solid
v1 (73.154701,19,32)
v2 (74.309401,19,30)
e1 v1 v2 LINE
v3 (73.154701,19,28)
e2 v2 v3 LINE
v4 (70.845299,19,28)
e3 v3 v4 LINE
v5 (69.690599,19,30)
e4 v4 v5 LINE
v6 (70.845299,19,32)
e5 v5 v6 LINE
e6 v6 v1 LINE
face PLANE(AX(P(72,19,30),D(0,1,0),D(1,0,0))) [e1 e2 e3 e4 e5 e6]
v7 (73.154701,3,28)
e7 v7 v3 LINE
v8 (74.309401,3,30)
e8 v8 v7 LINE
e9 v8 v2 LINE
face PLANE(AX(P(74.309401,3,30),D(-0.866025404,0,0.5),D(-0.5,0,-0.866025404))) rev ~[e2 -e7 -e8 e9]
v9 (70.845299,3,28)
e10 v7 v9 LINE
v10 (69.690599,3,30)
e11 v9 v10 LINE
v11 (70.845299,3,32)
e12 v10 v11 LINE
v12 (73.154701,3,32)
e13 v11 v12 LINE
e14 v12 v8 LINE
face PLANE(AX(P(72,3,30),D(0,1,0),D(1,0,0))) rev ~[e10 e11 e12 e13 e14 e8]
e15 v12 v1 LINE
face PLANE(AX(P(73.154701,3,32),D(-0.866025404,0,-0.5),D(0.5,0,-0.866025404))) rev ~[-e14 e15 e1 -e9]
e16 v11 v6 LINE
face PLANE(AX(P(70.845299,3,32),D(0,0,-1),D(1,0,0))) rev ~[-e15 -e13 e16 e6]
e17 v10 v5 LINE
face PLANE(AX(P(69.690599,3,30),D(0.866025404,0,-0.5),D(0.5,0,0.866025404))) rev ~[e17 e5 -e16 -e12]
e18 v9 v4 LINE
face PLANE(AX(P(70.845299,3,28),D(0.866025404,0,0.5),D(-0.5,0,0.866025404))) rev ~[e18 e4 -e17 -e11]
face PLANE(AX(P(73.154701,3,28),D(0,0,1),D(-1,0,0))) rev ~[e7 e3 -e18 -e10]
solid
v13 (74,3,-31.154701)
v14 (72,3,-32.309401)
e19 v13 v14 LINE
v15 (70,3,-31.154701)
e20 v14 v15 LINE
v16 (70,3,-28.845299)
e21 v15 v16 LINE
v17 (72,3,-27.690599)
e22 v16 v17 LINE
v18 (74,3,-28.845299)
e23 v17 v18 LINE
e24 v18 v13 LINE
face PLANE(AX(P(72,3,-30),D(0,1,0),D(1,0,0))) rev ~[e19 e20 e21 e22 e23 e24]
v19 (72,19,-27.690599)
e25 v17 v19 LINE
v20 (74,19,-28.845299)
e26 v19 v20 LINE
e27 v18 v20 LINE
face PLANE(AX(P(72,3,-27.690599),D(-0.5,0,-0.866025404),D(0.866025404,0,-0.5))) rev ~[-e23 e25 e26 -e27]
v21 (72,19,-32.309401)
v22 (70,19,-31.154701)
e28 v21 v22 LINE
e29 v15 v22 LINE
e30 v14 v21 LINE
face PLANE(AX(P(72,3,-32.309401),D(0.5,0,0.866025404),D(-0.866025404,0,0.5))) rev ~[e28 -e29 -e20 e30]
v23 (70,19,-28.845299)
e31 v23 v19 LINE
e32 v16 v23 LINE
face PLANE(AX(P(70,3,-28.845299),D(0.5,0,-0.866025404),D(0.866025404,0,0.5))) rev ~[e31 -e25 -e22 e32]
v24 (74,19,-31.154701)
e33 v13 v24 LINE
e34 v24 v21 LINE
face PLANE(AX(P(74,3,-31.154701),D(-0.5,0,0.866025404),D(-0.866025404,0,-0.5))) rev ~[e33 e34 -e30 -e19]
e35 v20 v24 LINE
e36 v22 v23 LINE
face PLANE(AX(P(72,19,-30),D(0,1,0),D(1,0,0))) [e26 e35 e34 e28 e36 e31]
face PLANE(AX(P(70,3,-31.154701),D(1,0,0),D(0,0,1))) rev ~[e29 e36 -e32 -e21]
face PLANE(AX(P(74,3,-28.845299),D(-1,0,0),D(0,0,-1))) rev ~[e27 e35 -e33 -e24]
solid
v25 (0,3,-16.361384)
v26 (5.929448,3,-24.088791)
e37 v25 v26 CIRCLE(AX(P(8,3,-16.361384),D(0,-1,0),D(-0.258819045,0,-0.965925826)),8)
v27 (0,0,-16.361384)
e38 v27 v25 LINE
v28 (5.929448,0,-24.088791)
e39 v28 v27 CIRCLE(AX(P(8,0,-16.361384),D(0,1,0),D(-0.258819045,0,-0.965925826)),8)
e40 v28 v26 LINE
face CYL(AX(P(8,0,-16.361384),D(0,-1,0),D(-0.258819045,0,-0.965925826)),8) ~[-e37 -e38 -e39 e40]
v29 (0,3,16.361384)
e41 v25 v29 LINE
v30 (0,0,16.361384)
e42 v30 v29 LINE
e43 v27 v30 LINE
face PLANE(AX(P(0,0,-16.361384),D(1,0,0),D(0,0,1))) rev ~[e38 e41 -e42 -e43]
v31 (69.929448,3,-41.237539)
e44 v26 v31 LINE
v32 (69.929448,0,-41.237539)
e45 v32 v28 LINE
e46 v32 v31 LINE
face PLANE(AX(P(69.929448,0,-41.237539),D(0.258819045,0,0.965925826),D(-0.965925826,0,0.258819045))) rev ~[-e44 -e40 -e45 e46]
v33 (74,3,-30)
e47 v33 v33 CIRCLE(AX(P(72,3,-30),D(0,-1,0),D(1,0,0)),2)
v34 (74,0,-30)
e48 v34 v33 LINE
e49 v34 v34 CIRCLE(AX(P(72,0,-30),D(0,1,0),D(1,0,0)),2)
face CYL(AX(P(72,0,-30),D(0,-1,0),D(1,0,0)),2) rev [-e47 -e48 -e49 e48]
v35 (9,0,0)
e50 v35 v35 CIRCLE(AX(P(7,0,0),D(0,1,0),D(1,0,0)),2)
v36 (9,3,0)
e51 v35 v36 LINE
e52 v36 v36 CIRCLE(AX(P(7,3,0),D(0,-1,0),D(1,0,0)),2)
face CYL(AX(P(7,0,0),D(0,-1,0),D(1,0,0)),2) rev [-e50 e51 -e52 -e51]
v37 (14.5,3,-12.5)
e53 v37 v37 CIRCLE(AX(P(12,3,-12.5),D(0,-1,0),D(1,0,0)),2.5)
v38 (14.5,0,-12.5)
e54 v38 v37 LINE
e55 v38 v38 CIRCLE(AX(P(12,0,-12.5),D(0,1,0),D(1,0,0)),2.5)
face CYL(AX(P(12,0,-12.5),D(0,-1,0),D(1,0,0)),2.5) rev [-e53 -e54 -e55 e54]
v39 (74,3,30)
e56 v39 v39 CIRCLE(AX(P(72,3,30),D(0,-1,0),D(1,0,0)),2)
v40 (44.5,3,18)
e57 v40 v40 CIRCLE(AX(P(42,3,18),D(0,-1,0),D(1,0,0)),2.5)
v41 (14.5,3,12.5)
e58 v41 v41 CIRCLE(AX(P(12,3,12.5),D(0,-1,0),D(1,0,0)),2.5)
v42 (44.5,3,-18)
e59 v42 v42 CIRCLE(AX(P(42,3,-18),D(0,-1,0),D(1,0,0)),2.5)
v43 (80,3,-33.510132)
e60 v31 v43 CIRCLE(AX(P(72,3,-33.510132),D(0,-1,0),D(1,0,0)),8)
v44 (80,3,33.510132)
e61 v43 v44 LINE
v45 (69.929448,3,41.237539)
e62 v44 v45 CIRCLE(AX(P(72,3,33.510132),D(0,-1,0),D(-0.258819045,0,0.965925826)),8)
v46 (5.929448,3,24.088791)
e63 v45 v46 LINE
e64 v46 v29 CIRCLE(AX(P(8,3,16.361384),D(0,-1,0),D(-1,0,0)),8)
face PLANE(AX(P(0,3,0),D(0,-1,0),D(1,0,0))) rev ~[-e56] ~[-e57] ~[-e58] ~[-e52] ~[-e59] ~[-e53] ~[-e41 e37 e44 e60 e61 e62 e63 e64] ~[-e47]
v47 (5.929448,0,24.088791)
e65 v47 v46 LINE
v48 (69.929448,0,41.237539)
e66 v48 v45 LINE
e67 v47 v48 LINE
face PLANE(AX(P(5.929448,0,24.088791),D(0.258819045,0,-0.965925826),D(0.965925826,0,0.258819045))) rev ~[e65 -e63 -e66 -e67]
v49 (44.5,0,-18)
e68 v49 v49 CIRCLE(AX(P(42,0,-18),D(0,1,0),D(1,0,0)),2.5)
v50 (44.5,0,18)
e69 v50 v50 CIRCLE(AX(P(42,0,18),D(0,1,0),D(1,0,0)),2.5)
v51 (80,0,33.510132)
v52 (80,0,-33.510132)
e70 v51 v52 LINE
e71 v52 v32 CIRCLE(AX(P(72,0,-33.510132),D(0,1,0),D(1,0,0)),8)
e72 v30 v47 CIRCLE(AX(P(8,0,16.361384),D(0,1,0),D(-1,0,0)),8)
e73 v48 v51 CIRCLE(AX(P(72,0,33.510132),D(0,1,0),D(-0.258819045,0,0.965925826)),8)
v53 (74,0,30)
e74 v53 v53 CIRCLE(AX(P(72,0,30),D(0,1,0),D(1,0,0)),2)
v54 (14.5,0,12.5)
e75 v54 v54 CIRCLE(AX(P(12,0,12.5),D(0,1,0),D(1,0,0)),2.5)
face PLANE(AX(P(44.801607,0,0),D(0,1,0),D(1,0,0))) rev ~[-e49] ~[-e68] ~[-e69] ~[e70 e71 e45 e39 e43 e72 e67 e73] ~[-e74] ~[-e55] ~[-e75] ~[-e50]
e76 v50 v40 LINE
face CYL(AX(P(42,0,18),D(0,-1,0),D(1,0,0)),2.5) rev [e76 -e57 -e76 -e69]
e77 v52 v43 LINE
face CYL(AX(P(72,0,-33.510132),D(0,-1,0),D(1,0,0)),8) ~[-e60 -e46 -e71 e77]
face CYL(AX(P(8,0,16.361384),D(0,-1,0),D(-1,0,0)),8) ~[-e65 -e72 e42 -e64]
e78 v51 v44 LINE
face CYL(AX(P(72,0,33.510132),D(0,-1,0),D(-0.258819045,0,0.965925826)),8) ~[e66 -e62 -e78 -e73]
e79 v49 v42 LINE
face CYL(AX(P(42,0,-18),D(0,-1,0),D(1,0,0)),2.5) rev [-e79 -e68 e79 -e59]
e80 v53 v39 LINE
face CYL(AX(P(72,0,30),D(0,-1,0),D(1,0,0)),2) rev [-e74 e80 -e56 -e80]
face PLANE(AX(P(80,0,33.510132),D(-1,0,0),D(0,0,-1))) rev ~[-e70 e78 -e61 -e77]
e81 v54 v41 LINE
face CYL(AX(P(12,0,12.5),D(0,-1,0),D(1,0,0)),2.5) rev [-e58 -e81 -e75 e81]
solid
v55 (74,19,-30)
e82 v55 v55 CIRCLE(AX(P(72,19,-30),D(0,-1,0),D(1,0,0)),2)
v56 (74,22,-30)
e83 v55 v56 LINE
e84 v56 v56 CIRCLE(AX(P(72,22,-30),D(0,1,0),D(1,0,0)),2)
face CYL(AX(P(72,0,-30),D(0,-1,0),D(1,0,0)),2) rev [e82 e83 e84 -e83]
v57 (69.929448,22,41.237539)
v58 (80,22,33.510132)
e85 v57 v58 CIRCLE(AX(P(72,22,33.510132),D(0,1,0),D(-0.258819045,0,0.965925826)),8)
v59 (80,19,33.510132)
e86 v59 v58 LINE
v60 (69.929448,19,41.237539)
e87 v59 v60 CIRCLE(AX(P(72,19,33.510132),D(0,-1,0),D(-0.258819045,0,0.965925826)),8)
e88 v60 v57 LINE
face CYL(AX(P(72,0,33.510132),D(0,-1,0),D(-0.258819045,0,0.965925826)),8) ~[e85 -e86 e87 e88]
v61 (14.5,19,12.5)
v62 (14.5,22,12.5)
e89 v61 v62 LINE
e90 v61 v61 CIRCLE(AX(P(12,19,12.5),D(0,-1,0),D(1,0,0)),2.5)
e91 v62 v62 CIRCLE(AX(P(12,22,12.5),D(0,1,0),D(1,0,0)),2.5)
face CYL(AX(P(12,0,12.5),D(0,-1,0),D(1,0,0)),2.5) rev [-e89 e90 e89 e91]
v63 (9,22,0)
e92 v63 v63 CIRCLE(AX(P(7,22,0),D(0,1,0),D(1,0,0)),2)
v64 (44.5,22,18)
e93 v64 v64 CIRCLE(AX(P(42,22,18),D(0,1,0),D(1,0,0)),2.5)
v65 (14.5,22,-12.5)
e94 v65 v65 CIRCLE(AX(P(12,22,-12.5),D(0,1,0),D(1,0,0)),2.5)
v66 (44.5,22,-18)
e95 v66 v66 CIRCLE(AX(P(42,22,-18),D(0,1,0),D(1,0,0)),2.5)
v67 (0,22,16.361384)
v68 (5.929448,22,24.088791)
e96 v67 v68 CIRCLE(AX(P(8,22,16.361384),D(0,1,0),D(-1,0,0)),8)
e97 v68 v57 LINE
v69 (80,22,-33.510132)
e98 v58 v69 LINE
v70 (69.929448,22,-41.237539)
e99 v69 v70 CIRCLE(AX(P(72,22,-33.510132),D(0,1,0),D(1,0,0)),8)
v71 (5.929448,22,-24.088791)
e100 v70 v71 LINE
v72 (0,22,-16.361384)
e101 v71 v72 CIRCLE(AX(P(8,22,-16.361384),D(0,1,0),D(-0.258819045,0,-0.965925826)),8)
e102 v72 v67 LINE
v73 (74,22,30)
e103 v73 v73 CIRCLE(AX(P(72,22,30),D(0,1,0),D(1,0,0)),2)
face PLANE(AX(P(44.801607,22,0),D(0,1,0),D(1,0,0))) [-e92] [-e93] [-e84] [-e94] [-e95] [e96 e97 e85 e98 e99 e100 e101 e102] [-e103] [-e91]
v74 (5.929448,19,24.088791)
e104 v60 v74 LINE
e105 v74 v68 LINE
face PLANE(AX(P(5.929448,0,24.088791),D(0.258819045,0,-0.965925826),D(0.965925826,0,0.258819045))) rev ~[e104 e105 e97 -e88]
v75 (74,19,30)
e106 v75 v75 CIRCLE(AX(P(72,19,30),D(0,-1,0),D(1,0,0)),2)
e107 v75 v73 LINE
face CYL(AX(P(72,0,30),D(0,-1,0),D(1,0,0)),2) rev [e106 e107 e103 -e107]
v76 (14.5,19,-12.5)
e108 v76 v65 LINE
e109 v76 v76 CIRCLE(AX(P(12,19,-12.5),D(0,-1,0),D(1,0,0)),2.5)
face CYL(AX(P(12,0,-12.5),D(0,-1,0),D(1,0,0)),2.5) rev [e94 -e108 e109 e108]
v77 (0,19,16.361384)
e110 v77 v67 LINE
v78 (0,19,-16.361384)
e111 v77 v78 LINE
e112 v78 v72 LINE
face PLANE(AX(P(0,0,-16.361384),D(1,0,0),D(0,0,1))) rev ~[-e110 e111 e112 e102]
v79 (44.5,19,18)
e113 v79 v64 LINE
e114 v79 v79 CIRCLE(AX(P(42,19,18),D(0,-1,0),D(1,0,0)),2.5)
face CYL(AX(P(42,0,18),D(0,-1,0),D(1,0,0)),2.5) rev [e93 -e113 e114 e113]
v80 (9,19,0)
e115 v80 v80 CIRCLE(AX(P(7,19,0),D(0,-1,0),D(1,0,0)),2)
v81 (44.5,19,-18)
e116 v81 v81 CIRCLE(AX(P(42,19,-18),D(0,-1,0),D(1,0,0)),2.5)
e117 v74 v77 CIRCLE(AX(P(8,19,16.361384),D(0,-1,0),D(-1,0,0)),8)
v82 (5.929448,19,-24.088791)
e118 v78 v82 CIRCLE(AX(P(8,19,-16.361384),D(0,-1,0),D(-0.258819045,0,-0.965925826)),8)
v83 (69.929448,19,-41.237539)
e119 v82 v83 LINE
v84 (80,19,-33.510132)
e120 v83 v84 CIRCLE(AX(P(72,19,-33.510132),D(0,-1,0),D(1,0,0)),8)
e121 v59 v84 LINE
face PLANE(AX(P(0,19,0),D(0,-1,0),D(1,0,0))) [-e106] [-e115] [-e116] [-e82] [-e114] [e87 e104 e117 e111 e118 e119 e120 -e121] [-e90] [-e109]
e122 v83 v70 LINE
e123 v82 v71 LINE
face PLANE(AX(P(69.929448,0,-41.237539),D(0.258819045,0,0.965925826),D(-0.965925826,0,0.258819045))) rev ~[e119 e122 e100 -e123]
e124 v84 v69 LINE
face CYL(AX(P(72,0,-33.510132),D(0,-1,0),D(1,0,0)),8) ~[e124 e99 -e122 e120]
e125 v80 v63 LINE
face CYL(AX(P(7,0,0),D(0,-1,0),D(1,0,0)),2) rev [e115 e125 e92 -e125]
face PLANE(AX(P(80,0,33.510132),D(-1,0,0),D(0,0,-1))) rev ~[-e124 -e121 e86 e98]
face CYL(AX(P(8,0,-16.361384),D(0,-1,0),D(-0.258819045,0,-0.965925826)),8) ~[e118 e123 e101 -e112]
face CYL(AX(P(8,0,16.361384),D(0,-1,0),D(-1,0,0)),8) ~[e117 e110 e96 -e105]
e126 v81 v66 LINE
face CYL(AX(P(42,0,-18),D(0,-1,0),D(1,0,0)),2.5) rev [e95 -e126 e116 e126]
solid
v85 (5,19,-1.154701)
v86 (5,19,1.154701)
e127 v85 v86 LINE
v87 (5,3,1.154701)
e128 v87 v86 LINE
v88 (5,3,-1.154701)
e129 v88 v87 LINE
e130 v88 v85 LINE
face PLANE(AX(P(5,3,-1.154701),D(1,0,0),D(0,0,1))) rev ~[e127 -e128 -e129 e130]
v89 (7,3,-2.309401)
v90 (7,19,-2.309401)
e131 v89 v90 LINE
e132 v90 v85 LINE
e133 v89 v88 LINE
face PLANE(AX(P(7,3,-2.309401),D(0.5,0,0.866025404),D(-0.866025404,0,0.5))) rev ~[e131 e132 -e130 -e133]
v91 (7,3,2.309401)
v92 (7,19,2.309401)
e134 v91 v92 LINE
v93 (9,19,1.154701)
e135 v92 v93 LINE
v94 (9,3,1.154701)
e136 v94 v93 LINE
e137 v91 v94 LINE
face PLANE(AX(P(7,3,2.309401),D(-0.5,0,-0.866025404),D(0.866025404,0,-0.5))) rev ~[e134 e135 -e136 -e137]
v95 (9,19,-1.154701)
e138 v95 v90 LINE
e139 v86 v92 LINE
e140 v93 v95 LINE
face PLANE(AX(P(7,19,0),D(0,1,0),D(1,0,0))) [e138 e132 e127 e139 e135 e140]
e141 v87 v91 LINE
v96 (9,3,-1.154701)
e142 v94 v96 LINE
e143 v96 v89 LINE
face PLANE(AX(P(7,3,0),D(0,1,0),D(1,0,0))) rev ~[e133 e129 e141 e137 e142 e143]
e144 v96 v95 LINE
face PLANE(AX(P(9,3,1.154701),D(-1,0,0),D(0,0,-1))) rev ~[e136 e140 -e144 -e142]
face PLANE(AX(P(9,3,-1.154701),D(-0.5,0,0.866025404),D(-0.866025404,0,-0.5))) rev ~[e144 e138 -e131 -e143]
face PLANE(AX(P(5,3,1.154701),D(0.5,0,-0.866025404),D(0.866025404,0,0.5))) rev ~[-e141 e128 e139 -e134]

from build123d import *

# Parameters (mm, degrees)
CROQUIS1_R                = 2.5
CROQUIS1_R_2              = 2
SALIENTE_EXTRUIR1_DEPTH   = 22
CROQUIS2_W                = 80
CROQUIS2_H                = 16
CORTAR_EXTRUIR1_DEPTH     = 50
SALIENTE_EXTRUIR2_DEPTH   = 16
SALIENTE_EXTRUIR2_2_DEPTH = 16
SALIENTE_EXTRUIR2_3_DEPTH = 16


with BuildPart() as part:
    # Croquis1 → Saliente-Extruir1 (new body)
    with BuildSketch(Plane(origin=(0, 0, 0), x_dir=(1, 0, 0), z_dir=(0, 1, 0))):
        with BuildLine():
            Line((0, 16.361384096), (0, -16.361384096))
            ThreePointArc((0, -16.361384096), (1.653173278, -21.231475528), (5.929447639, -24.088790706))
            Line((5.929447639, -24.088790706), (69.929447639, -41.237539022))
            ThreePointArc((69.929447639, -41.237539022), (76.870091432, -39.856959134), (80, -33.510132412))
            Line((80, -33.510132412), (80, 33.510132412))
            ThreePointArc((80, 33.510132412), (76.870091432, 39.856959134), (69.929447639, 41.237539022))
            Line((69.929447639, 41.237539022), (5.929447639, 24.088790706))
            ThreePointArc((5.929447639, 24.088790706), (1.653173278, 21.231475528), (0, 16.361384096))
        make_face()
        with Locations((12, 12.5)):
            Circle(CROQUIS1_R, mode=Mode.SUBTRACT)
        with Locations((12, -12.5)):
            Circle(CROQUIS1_R, mode=Mode.SUBTRACT)
        with Locations((42, 18)):
            Circle(CROQUIS1_R, mode=Mode.SUBTRACT)
        with Locations((42, -18)):
            Circle(CROQUIS1_R, mode=Mode.SUBTRACT)
        with Locations((7, 0)):
            Circle(CROQUIS1_R_2, mode=Mode.SUBTRACT)
        with Locations((72, -30)):
            Circle(CROQUIS1_R_2, mode=Mode.SUBTRACT)
        with Locations((72, 30)):
            Circle(CROQUIS1_R_2, mode=Mode.SUBTRACT)
    extrude(amount=SALIENTE_EXTRUIR1_DEPTH)

    # Croquis2 → Cortar-Extruir1 (cut, symmetric)
    with BuildSketch(Plane.XY):
        with Locations((40, 11)):
            Rectangle(CROQUIS2_W, CROQUIS2_H)
    extrude(amount=CORTAR_EXTRUIR1_DEPTH, both=True, mode=Mode.SUBTRACT)


with BuildPart() as body_2:
    # Croquis3 → Saliente-Extruir2 (new body)
    with BuildSketch(Plane(origin=(0, 3, 0), x_dir=(1, 0, 0), z_dir=(0, 1, 0))):
        Polygon((7, -2.309401077), (9, -1.154700538), (9, 1.154700538), (7, 2.309401077), (5, 1.154700538), (5, -1.154700538), align=None)
    extrude(amount=SALIENTE_EXTRUIR2_DEPTH)


with BuildPart() as body_3:
    # Croquis3 → Saliente-Extruir2 2 (new body)
    with BuildSketch(Plane(origin=(0, 3, 0), x_dir=(1, 0, 0), z_dir=(0, 1, 0))):
        Polygon((70.845299462, -32), (73.154700538, -32), (74.309401077, -30), (73.154700538, -28), (70.845299462, -28), (69.690598923, -30), align=None)
    extrude(amount=SALIENTE_EXTRUIR2_2_DEPTH)


with BuildPart() as body_4:
    # Croquis3 → Saliente-Extruir2 3 (new body)
    with BuildSketch(Plane(origin=(0, 3, 0), x_dir=(1, 0, 0), z_dir=(0, 1, 0))):
        Polygon((74, 28.845299462), (74, 31.154700538), (72, 32.309401077), (70, 31.154700538), (70, 28.845299462), (72, 27.690598923), align=None)
    extrude(amount=SALIENTE_EXTRUIR2_3_DEPTH)


solid = Compound([part.part, body_2.part, body_3.part, body_4.part])
